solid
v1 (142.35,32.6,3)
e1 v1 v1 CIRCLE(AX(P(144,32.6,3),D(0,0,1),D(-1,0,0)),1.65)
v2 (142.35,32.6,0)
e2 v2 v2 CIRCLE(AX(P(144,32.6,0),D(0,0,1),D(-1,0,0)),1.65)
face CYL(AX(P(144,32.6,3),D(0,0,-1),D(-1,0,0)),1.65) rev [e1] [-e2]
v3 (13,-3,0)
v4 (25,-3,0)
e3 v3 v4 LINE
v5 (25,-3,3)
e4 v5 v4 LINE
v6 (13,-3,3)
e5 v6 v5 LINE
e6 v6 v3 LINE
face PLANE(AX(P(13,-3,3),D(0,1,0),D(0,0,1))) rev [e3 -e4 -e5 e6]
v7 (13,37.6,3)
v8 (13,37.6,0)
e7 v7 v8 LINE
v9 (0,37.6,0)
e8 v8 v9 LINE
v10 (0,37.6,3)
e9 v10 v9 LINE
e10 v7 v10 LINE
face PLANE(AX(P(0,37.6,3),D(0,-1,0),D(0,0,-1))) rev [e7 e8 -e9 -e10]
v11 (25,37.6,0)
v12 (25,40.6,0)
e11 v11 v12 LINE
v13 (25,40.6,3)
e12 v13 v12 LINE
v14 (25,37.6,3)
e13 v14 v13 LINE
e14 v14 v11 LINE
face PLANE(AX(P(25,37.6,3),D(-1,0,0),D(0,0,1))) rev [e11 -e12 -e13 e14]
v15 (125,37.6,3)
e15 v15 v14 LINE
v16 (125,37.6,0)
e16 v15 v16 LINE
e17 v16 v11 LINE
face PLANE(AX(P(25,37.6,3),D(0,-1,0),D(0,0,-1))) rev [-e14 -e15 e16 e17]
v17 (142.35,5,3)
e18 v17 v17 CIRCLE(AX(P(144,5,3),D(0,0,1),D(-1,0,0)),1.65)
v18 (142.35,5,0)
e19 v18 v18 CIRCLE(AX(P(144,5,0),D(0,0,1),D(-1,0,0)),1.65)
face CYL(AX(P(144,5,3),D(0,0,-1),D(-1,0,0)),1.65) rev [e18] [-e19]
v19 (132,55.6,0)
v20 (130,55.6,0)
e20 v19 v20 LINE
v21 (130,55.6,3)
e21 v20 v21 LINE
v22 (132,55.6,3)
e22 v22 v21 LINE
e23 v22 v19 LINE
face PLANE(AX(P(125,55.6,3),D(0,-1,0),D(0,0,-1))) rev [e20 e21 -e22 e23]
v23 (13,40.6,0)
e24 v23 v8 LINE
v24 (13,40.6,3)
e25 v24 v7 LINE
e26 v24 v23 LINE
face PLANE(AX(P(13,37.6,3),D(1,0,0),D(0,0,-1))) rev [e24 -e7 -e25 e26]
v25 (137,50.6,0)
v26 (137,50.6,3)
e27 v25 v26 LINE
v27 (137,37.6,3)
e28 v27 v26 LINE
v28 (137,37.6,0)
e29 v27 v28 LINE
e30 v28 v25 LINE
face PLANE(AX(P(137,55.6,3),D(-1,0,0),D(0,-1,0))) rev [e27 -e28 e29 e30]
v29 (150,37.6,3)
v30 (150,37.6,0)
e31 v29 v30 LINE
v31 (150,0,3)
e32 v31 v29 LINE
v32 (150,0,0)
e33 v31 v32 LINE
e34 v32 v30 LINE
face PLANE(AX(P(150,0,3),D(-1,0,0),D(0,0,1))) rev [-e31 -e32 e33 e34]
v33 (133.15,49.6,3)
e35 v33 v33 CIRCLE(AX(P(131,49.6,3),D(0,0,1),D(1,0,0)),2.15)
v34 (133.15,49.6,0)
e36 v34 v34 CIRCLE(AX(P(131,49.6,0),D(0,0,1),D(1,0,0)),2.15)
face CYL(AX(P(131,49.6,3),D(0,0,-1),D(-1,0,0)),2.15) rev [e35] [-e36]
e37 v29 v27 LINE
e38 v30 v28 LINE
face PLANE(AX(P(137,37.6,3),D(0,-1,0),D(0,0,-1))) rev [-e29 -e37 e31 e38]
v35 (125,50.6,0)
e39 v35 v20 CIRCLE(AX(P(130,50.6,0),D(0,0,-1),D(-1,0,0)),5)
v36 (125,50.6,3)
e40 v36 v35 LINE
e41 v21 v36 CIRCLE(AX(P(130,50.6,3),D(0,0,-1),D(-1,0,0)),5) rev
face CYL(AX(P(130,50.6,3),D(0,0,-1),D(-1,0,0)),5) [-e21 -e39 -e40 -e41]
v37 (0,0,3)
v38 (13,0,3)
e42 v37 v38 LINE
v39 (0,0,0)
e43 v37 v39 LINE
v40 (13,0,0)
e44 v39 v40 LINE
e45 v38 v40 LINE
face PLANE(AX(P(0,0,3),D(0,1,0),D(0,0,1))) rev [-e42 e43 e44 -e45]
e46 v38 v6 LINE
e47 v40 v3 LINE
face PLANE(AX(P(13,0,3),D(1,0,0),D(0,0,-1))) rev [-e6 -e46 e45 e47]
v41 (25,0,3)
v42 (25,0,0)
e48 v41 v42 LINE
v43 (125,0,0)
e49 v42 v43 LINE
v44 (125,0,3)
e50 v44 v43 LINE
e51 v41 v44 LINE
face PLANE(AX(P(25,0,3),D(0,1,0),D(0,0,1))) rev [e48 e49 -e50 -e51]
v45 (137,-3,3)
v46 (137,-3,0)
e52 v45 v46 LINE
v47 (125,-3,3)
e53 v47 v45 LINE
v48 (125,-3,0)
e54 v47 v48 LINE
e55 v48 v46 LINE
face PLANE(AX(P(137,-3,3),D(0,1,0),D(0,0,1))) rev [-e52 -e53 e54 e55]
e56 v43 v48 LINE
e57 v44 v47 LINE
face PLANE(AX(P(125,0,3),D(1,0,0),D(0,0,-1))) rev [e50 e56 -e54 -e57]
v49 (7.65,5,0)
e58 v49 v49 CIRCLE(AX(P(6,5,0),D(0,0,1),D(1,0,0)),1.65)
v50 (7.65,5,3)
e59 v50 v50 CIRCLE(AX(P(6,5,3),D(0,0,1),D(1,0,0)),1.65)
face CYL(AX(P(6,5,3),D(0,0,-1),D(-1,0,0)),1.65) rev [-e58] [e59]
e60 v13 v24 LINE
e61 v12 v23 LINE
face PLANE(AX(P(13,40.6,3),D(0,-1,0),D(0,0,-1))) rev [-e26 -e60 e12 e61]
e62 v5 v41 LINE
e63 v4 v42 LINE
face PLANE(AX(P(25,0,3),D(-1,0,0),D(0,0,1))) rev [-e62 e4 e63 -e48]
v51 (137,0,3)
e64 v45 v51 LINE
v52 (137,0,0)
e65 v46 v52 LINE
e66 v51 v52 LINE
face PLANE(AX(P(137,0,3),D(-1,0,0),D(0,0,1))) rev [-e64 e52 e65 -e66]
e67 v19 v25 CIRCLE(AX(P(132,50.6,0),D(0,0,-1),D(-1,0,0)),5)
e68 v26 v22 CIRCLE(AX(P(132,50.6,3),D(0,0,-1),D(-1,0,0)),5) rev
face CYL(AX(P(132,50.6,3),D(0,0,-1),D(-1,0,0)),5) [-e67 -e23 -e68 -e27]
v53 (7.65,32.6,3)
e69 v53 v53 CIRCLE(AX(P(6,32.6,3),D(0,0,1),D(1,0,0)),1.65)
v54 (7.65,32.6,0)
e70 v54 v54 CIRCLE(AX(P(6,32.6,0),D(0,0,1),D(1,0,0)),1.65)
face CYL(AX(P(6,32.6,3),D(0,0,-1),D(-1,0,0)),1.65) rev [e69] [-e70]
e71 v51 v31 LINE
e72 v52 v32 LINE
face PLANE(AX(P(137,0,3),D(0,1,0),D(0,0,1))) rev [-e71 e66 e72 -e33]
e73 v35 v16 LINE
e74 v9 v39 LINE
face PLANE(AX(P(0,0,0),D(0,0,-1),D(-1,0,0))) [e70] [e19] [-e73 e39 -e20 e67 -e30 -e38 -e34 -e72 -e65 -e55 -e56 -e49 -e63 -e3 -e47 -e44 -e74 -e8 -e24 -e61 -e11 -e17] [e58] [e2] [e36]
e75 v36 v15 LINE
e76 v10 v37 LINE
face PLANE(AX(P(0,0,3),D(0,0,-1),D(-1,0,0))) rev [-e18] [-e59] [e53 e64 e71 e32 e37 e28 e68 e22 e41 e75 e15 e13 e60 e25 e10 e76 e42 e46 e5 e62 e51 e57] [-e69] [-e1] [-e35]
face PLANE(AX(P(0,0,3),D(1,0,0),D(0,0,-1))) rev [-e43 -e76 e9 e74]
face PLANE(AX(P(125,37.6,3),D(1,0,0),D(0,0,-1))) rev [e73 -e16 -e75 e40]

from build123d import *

# Parameters (mm, degrees)
SKETCH_1_R      = 2.15
SKETCH_1_R_2    = 1.65
EXTRUDE_1_DEPTH = 3
FILLET_1_R      = 5


with BuildPart() as part:
    # 草图1 → 凸台-拉伸1 (new body)
    with BuildSketch(Plane.XY):
        Polygon((0, 0), (13, 0), (13, -3), (25, -3), (25, 0), (125, 0), (125, -3), (137, -3), (137, 0), (150, 0), (150, 37.6), (137, 37.6), (137, 40.6), (137, 55.6), (125, 55.6), (125, 40.6), (125, 37.6), (25, 37.6), (25, 40.6), (13, 40.6), (13, 37.6), (0, 37.6), align=None)
        with Locations((131, 49.6)):
            Circle(SKETCH_1_R, mode=Mode.SUBTRACT)
        with Locations((6, 32.6)):
            Circle(SKETCH_1_R_2, mode=Mode.SUBTRACT)
        with Locations((6, 5)):
            Circle(SKETCH_1_R_2, mode=Mode.SUBTRACT)
        with Locations(Location((144, 32.6, 0), (0, 0, 180))):
            Circle(SKETCH_1_R_2, mode=Mode.SUBTRACT)
        with Locations(Location((144, 5, 0), (0, 0, 180))):
            Circle(SKETCH_1_R_2, mode=Mode.SUBTRACT)
    extrude(amount=EXTRUDE_1_DEPTH)

    # 圆角1
    fillet_1_edges = [part.edges().sort_by_distance(p)[0] for p in [
        (125, 55.6, 1.5),
        (137, 55.6, 1.5),
    ]]
    fillet(fillet_1_edges, radius=FILLET_1_R)


solid = part.part
